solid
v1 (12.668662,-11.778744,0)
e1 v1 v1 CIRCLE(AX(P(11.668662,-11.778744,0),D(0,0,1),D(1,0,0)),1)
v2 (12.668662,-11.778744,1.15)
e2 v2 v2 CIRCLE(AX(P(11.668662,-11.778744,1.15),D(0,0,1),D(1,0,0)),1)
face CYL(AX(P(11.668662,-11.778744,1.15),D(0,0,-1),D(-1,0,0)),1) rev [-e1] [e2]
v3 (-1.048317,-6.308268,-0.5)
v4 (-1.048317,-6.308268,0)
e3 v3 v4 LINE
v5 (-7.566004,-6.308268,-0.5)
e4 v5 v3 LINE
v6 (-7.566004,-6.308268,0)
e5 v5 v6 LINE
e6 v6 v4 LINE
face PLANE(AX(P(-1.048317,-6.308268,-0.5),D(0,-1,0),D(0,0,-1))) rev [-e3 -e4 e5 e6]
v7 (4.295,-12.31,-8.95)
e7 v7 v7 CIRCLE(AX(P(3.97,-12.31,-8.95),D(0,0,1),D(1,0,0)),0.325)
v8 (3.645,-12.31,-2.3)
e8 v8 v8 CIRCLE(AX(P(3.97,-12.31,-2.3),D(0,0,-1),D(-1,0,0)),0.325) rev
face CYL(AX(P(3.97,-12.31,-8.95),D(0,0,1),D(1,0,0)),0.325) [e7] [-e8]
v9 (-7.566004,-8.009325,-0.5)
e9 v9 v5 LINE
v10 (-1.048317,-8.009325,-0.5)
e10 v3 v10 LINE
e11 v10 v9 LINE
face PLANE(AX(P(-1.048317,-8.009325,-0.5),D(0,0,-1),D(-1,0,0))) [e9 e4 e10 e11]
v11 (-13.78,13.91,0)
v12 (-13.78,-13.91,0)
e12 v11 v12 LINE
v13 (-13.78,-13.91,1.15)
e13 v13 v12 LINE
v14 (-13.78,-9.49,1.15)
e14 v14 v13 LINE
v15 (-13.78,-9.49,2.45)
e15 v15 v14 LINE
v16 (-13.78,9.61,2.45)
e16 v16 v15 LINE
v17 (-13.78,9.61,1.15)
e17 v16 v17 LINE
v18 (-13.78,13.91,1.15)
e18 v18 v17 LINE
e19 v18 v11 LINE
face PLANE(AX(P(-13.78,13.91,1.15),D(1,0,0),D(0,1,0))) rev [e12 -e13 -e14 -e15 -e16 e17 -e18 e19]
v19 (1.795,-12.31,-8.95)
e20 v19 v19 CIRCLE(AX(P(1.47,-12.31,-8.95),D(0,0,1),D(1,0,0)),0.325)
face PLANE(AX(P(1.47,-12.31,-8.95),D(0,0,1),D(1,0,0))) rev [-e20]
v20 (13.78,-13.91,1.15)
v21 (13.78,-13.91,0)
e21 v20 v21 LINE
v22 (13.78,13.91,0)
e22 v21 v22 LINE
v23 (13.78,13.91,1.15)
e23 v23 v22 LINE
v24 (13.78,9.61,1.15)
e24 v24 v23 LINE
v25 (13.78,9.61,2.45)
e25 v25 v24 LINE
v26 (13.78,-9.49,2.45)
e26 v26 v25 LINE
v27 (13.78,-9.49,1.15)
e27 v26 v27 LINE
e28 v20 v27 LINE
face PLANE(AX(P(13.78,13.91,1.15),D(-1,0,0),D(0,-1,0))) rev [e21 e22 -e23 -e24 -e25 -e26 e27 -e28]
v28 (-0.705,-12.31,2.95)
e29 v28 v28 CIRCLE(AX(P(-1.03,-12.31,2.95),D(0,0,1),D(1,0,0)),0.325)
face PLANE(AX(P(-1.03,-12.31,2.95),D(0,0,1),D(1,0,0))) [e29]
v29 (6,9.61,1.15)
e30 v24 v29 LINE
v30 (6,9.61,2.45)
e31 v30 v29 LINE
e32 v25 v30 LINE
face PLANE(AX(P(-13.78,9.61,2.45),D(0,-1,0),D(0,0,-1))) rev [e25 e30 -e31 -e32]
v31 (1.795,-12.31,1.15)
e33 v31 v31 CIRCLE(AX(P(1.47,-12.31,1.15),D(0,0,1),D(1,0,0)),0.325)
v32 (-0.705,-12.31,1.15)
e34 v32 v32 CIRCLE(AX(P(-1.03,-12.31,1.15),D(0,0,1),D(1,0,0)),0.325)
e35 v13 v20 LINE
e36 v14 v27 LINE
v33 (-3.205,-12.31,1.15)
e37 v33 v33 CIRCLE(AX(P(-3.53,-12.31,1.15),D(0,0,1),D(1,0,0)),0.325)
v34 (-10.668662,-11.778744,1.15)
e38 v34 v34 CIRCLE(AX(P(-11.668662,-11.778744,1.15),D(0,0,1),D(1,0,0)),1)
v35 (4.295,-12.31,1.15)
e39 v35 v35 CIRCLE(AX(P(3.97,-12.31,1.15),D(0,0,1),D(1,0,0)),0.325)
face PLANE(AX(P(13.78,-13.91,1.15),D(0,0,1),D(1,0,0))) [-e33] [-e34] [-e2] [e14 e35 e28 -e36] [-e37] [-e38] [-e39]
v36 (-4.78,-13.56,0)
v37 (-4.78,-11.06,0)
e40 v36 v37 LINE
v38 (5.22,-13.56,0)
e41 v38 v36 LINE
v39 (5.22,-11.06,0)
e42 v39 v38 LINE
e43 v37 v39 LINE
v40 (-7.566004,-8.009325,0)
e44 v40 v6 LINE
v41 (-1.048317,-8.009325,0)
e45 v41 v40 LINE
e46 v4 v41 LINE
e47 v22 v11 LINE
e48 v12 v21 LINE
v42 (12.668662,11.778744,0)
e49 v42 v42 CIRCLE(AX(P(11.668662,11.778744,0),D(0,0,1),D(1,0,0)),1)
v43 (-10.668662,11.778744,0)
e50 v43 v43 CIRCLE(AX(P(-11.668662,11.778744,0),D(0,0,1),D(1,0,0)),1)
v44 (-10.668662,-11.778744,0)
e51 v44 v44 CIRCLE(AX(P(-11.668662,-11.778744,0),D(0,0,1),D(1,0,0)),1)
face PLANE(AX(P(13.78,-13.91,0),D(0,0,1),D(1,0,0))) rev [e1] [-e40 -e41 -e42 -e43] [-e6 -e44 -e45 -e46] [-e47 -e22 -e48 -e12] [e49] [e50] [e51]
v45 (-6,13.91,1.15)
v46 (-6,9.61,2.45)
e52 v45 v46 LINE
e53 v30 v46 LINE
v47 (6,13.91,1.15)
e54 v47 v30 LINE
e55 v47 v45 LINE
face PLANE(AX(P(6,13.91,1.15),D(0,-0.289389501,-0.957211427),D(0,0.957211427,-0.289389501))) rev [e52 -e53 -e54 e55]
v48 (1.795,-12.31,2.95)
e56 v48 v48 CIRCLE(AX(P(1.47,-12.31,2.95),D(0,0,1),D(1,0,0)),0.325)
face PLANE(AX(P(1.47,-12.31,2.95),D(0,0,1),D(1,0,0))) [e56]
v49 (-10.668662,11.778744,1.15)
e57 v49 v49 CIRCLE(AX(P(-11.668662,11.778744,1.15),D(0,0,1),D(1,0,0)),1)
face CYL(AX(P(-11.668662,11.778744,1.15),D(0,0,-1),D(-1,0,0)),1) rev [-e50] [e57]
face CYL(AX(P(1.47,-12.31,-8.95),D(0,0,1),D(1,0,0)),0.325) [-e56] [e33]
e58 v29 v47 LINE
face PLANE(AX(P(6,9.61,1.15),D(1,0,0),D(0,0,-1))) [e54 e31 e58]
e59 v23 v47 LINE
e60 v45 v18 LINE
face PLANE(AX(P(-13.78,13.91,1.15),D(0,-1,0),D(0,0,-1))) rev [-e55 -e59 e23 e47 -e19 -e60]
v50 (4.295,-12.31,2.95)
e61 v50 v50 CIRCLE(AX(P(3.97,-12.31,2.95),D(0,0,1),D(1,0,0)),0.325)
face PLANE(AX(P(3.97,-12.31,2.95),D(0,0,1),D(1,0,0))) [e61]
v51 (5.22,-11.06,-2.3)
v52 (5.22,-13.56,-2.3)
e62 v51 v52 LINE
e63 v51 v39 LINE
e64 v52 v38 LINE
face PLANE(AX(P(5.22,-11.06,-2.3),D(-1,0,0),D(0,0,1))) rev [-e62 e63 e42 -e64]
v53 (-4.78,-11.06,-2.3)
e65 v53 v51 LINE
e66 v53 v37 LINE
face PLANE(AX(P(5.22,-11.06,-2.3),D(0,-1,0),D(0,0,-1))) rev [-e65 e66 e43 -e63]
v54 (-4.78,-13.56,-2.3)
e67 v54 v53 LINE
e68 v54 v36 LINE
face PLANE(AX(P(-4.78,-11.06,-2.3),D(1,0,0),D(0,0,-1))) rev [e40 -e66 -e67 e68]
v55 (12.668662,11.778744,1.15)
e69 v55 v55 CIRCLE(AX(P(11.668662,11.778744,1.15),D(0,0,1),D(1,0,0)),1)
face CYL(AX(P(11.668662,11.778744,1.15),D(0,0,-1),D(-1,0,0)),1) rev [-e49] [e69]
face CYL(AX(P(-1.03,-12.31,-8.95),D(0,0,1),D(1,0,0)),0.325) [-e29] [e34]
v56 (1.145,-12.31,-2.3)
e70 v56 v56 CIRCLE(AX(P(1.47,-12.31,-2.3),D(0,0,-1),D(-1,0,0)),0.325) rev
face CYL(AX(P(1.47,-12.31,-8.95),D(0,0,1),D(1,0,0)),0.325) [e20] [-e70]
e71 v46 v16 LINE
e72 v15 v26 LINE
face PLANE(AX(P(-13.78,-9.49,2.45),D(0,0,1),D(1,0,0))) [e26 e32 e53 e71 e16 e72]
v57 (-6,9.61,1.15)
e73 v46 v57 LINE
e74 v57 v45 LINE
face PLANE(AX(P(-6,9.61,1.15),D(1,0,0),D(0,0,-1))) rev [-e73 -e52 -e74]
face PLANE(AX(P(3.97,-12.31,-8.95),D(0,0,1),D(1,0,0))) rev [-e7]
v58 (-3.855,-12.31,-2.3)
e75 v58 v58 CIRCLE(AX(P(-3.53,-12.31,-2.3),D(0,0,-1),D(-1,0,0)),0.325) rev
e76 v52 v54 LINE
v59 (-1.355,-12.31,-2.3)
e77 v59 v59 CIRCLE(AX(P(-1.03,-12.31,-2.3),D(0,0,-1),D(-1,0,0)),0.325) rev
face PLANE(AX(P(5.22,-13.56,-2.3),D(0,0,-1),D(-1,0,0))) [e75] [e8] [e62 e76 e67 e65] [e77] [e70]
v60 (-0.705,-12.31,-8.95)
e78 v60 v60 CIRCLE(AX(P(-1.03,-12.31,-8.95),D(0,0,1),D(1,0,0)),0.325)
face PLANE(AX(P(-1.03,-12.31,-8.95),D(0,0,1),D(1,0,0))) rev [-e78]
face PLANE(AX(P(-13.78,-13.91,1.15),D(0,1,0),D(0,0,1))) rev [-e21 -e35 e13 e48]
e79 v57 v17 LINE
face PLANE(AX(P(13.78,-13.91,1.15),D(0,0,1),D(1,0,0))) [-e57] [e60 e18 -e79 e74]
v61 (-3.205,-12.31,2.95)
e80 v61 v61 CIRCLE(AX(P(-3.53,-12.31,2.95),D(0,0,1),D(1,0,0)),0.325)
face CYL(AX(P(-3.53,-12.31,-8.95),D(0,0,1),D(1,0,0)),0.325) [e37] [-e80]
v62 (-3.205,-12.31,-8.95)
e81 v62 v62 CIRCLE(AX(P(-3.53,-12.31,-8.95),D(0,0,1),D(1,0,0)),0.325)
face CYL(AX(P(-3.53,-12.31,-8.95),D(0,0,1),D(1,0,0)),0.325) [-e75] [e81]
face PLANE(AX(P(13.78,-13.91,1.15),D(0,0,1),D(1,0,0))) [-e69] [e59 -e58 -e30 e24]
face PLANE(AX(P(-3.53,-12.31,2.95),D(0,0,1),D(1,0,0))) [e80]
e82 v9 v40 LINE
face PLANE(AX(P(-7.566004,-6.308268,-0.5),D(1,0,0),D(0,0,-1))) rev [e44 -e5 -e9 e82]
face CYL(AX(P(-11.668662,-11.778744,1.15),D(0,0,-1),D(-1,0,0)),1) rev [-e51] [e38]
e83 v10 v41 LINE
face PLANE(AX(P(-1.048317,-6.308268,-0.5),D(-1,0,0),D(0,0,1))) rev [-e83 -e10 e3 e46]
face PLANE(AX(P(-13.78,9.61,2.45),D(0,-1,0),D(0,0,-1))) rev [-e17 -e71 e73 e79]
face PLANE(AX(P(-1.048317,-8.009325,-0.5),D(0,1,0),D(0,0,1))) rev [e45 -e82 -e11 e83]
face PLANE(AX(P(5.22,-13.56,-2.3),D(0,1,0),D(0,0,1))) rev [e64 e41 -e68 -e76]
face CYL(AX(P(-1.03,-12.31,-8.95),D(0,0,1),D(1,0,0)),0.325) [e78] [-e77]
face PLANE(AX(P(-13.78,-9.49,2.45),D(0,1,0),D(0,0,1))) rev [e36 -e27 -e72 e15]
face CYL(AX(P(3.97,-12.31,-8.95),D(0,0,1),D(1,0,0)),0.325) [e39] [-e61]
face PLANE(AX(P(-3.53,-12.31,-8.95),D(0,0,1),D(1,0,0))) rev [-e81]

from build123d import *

# Parameters (mm, degrees)
ESQUISSE1_W                = 27.56
ESQUISSE1_H                = 27.82
ESQUISSE1_R                = 1
BOSS_EXTRU_1_DEPTH         = 1.15
ESQUISSE3_W                = 27.56
ESQUISSE3_H                = 19.1
BOSS_EXTRU_2_DEPTH         = 1.3
BOSS_EXTRU_3_START         = -10.1
ESQUISSE4_R                = 0.325
BOSS_EXTRU_3_DEPTH         = 11.9
R_P_TITION_LIN_AIRE1_COUNT = 4
R_P_TITION_LIN_AIRE1_PITCH = 2.5
ESQUISSE5_W                = 6.517687079
ESQUISSE5_H                = 1.70105674
BOSS_EXTRU_4_DEPTH         = 0.5
ESQUISSE6_W                = 10
ESQUISSE6_H                = 2.5
BOSS_EXTRU_5_DEPTH         = 2.3
BOSS_EXTRU_6_DEPTH         = 6


with BuildPart() as part:
    # Esquisse1 → Boss.-Extru.1 (new body)
    with BuildSketch(Plane.XY):
        Rectangle(ESQUISSE1_W, ESQUISSE1_H)
        with Locations((-11.668662175, 11.778743894)):
            Circle(ESQUISSE1_R, mode=Mode.SUBTRACT)
        with Locations((11.668662175, 11.778743894)):
            Circle(ESQUISSE1_R, mode=Mode.SUBTRACT)
        with Locations((-11.668662175, -11.778743894)):
            Circle(ESQUISSE1_R, mode=Mode.SUBTRACT)
        with Locations((11.668662175, -11.778743894)):
            Circle(ESQUISSE1_R, mode=Mode.SUBTRACT)
    extrude(amount=BOSS_EXTRU_1_DEPTH)

    # Esquisse3 → Boss.-Extru.2 (add)
    with BuildSketch(Plane.XY.offset(1.15)):
        with Locations((0, 0.06)):
            Rectangle(ESQUISSE3_W, ESQUISSE3_H)
    extrude(amount=BOSS_EXTRU_2_DEPTH)

    # Esquisse4 → Boss.-Extru.3 (add)
    with BuildSketch(Plane.XY.offset(1.15).offset(BOSS_EXTRU_3_START)):
        with Locations((-3.53, -12.31)):
            Circle(ESQUISSE4_R)
    boss_extru_3 = extrude(amount=BOSS_EXTRU_3_DEPTH)

    # Répétition linéaire1: Boss.-Extru.3 ×4
    with Locations(*[(i * R_P_TITION_LIN_AIRE1_PITCH, 0, 0) for i in range(1, R_P_TITION_LIN_AIRE1_COUNT)]):
        add(boss_extru_3)

    # Esquisse5 → Boss.-Extru.4 (add)
    with BuildSketch(Plane(origin=(0, 0, 0), x_dir=(-1, 0, 0), z_dir=(0, 0, -1))):
        with Locations((4.307160535, -7.158796769)):
            Rectangle(ESQUISSE5_W, ESQUISSE5_H)
    extrude(amount=BOSS_EXTRU_4_DEPTH)

    # Esquisse6 → Boss.-Extru.5 (add)
    with BuildSketch(Plane(origin=(0, 0, 0), x_dir=(-1, 0, 0), z_dir=(0, 0, -1))):
        with Locations((-0.22, -12.31)):
            Rectangle(ESQUISSE6_W, ESQUISSE6_H)
    extrude(amount=BOSS_EXTRU_5_DEPTH)

    # Esquisse7 → Boss.-Extru.6 (add, symmetric)
    with BuildSketch(Plane(origin=(0, 0, 0), x_dir=(0, 0, -1), z_dir=(1, 0, 0))):
        Polygon((-1.15, 13.91), (-2.45, 9.61), (-1.15, 9.61), align=None)
    extrude(amount=BOSS_EXTRU_6_DEPTH, both=True)


solid = part.part
